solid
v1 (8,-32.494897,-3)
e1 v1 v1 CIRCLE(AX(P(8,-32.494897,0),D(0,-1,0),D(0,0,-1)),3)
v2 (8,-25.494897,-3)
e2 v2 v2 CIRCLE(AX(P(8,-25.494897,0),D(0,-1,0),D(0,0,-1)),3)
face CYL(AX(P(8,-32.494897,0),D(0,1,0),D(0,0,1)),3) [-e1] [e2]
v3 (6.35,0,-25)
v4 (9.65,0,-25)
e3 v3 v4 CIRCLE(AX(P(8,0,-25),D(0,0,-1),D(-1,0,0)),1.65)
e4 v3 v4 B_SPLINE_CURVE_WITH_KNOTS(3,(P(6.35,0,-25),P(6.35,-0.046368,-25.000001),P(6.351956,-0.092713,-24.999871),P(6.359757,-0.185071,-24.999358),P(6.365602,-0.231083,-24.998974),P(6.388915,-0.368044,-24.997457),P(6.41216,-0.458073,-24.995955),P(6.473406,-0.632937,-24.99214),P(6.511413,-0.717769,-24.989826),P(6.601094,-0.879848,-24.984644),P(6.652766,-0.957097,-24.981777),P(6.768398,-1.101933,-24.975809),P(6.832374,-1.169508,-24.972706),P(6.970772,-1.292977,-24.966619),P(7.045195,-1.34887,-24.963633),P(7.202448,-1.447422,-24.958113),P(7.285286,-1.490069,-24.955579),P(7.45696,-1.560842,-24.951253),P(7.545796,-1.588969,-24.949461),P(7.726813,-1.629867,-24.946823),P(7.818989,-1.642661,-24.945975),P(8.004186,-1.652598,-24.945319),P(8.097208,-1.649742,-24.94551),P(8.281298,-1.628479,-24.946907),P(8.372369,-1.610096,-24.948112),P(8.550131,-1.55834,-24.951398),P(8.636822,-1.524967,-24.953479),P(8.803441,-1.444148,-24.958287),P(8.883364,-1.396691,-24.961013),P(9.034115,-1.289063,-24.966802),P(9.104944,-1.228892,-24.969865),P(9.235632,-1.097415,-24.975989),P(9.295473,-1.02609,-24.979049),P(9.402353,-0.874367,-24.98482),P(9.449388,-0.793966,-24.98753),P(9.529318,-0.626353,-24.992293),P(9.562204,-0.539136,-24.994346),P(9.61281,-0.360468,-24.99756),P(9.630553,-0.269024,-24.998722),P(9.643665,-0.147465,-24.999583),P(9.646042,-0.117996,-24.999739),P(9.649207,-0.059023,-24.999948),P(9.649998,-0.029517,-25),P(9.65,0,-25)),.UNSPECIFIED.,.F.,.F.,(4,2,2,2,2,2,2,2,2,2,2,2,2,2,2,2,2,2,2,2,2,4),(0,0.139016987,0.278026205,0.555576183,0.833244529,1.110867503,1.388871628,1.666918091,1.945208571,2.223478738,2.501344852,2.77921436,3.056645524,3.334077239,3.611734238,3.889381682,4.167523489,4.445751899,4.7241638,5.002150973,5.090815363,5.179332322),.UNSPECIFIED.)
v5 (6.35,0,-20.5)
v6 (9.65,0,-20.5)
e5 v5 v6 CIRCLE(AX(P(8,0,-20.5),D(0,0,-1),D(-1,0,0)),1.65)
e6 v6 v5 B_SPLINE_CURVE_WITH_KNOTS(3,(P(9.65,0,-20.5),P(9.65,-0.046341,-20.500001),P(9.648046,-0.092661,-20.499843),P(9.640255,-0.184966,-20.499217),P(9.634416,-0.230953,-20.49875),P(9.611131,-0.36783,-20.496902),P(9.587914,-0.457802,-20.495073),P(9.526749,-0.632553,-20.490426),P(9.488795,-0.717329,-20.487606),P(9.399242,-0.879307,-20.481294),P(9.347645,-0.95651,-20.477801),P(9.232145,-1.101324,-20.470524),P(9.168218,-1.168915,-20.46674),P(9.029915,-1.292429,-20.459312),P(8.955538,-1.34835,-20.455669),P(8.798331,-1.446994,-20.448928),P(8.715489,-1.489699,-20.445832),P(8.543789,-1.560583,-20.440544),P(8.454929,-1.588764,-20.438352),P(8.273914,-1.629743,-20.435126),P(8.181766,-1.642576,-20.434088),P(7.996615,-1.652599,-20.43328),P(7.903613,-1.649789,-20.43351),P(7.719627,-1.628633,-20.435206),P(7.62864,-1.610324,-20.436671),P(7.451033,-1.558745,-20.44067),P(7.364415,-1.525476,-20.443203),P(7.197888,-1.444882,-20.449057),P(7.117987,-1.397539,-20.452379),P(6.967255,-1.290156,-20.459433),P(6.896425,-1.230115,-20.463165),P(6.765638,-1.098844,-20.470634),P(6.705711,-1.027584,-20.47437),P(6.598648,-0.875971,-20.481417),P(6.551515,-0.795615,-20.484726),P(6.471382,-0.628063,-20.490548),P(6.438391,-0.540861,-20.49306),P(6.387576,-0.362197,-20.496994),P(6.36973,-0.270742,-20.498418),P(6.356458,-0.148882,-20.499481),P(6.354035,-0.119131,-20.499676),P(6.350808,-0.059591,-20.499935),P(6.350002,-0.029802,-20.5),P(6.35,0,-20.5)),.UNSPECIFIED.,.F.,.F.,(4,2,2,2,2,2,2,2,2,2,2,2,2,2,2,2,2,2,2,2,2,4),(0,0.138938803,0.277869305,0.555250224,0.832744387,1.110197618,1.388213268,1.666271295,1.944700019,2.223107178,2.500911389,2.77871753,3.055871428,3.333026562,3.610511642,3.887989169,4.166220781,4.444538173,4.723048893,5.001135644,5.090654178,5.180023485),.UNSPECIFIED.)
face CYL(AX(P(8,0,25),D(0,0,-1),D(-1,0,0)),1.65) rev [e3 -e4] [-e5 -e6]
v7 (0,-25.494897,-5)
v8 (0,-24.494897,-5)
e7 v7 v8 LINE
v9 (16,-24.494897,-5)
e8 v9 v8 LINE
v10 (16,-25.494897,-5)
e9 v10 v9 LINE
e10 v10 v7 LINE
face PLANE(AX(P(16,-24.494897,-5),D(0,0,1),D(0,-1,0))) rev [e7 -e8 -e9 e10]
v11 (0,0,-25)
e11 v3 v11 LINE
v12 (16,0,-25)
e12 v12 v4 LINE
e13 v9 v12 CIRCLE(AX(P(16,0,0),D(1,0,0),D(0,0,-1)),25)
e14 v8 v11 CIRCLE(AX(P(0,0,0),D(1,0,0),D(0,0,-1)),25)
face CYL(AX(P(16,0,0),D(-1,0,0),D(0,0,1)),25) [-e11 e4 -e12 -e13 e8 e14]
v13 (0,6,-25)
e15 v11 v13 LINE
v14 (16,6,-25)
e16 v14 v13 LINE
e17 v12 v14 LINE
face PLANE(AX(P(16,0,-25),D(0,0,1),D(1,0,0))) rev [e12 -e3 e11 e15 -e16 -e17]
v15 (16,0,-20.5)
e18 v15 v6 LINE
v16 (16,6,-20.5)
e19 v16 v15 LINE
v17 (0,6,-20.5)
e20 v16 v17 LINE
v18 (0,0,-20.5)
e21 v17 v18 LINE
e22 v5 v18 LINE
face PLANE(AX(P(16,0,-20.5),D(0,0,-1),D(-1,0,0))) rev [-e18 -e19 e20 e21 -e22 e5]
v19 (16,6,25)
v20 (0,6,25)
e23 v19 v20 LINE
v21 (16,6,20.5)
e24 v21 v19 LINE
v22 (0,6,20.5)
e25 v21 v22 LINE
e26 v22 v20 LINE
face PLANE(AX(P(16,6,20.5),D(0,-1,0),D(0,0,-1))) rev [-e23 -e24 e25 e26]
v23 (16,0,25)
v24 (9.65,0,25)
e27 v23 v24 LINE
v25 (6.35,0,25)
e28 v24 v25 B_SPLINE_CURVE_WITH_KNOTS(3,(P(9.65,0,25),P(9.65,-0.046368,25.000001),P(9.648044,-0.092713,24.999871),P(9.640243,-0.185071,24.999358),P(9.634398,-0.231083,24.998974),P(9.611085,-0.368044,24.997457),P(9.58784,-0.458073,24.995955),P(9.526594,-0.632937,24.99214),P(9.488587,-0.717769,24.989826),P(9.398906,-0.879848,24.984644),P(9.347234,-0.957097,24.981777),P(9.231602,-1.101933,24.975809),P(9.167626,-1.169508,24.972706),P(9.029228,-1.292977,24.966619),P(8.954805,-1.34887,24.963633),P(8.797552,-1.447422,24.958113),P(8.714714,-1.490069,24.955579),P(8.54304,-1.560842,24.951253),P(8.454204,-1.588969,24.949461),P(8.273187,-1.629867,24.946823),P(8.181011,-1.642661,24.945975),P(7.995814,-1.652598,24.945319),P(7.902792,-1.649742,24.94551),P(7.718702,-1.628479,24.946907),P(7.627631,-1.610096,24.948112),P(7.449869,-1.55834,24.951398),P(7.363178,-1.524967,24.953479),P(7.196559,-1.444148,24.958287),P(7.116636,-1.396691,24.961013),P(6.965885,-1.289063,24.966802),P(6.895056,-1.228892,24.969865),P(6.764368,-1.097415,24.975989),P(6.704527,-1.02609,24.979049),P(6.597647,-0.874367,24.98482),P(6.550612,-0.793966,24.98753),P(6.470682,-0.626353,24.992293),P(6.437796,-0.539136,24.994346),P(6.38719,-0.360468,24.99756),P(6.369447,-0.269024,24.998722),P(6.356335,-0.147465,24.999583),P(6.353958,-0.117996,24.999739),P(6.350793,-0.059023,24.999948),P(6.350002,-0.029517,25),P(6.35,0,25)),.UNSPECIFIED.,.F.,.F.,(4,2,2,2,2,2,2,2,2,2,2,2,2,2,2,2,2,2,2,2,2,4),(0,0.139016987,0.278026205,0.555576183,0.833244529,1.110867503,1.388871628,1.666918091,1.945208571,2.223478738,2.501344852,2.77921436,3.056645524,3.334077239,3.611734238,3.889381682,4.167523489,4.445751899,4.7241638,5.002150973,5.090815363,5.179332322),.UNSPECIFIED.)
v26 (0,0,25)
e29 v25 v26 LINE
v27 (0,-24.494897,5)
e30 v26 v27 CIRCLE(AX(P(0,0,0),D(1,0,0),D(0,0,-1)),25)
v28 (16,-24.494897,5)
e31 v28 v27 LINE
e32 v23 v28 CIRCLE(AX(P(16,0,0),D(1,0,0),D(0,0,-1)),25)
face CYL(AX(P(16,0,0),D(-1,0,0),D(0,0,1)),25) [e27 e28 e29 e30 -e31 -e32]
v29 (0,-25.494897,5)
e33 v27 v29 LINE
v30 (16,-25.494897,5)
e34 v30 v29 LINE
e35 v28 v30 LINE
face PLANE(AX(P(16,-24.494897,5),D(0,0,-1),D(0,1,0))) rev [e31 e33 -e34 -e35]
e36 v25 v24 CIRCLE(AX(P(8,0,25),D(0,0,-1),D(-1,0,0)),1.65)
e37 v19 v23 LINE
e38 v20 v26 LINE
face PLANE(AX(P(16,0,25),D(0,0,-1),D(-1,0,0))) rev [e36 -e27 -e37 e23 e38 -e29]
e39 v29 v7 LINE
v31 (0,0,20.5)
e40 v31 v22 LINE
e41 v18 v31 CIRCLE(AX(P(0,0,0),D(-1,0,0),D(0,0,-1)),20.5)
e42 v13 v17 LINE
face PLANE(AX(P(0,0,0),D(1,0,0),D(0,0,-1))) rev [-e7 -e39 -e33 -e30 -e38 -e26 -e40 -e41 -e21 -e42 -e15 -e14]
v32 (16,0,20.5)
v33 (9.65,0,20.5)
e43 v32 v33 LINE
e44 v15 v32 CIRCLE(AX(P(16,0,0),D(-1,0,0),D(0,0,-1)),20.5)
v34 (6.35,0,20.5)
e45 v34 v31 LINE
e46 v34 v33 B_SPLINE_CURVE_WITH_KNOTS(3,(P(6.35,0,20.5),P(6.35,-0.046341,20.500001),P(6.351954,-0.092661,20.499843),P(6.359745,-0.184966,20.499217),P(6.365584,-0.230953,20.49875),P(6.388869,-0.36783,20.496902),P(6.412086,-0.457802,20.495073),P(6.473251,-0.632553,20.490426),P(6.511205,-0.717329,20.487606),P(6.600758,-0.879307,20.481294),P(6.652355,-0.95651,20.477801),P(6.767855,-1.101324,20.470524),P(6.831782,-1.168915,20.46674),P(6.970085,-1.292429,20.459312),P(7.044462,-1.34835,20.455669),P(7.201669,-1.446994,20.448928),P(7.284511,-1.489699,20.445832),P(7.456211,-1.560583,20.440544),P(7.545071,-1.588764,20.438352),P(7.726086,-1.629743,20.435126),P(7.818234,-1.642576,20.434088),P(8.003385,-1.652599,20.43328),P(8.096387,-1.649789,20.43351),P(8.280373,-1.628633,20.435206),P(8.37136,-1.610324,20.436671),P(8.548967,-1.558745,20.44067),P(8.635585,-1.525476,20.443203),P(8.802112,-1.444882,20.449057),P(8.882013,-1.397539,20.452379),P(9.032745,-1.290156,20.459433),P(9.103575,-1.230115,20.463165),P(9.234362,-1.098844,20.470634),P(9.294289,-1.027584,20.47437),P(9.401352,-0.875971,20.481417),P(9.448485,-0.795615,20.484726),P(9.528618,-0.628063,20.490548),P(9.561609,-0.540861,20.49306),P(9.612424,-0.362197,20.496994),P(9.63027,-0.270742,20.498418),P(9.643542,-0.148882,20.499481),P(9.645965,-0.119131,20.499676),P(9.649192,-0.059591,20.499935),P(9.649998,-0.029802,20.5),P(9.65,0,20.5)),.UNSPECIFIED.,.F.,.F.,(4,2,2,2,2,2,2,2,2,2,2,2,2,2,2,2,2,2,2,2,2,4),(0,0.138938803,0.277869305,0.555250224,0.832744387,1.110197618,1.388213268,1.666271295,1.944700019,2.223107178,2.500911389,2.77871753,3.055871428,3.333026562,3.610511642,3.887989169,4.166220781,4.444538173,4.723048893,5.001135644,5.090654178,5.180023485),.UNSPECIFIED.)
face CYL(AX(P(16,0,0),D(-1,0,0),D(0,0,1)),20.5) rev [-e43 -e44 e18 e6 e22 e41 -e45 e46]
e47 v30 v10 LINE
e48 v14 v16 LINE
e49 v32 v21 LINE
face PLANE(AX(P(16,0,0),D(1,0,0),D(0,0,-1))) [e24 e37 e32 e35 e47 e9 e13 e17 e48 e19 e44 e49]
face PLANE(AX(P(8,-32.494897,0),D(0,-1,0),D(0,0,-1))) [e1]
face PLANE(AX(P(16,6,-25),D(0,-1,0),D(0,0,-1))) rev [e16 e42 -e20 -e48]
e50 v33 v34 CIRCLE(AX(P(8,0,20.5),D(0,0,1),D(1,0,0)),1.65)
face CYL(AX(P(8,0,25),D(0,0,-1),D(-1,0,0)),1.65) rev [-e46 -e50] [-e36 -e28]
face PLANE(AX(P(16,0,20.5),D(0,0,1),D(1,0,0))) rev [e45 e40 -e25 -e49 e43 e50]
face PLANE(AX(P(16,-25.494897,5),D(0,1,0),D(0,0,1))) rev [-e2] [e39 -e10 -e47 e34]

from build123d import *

# Parameters (mm, degrees)
BOSS_EXTRUDE1_DEPTH = 16
SKETCH4_R           = 3
BOSS_EXTRUDE2_DEPTH = 7
SKETCH5_R           = 1.65
CUT_EXTRUDE1_DEPTH  = 62.740735004


with BuildPart() as part:
    # Sketch1 → Boss-Extrude1 (new body)
    with BuildSketch(Plane(origin=(0, 0, 0), x_dir=(0, 0, -1), z_dir=(1, 0, 0))):
        with BuildLine():
            Line((-5, -24.494897428), (-5, -25.494897428))
            Line((-5, -25.494897428), (5, -25.494897428))
            Line((5, -25.494897428), (5, -24.494897428))
            ThreePointArc((5, -24.494897428), (19.364916731, -15.811388301), (25, 0))
            Line((25, 0), (25, 6))
            Line((25, 6), (20.5, 6))
            Line((20.5, 6), (20.5, 0))
            ThreePointArc((20.5, 0), (0, -20.5), (-20.5, 0))
            Line((-20.5, 0), (-20.5, 6))
            Line((-20.5, 6), (-25, 6))
            Line((-25, 6), (-25, 0))
            ThreePointArc((-25, 0), (-19.364916731, -15.811388301), (-5, -24.494897428))
        make_face()
    extrude(amount=BOSS_EXTRUDE1_DEPTH)

    # Sketch4 → Boss-Extrude2 (add)
    with BuildSketch(Plane.XZ.offset(25.494897428)):
        with Locations(Location((8, 0, 0), (0, 0, 270))):
            Circle(SKETCH4_R)
    extrude(amount=BOSS_EXTRUDE2_DEPTH)

    # Sketch5 → Cut-Extrude1 (cut, through all)
    with BuildSketch(Plane(origin=(0, 0, -25), x_dir=(-1, 0, 0), z_dir=(0, 0, -1))):
        with Locations((-8, 0)):
            Circle(SKETCH5_R)
    extrude(amount=-CUT_EXTRUDE1_DEPTH, mode=Mode.SUBTRACT)


solid = part.part
